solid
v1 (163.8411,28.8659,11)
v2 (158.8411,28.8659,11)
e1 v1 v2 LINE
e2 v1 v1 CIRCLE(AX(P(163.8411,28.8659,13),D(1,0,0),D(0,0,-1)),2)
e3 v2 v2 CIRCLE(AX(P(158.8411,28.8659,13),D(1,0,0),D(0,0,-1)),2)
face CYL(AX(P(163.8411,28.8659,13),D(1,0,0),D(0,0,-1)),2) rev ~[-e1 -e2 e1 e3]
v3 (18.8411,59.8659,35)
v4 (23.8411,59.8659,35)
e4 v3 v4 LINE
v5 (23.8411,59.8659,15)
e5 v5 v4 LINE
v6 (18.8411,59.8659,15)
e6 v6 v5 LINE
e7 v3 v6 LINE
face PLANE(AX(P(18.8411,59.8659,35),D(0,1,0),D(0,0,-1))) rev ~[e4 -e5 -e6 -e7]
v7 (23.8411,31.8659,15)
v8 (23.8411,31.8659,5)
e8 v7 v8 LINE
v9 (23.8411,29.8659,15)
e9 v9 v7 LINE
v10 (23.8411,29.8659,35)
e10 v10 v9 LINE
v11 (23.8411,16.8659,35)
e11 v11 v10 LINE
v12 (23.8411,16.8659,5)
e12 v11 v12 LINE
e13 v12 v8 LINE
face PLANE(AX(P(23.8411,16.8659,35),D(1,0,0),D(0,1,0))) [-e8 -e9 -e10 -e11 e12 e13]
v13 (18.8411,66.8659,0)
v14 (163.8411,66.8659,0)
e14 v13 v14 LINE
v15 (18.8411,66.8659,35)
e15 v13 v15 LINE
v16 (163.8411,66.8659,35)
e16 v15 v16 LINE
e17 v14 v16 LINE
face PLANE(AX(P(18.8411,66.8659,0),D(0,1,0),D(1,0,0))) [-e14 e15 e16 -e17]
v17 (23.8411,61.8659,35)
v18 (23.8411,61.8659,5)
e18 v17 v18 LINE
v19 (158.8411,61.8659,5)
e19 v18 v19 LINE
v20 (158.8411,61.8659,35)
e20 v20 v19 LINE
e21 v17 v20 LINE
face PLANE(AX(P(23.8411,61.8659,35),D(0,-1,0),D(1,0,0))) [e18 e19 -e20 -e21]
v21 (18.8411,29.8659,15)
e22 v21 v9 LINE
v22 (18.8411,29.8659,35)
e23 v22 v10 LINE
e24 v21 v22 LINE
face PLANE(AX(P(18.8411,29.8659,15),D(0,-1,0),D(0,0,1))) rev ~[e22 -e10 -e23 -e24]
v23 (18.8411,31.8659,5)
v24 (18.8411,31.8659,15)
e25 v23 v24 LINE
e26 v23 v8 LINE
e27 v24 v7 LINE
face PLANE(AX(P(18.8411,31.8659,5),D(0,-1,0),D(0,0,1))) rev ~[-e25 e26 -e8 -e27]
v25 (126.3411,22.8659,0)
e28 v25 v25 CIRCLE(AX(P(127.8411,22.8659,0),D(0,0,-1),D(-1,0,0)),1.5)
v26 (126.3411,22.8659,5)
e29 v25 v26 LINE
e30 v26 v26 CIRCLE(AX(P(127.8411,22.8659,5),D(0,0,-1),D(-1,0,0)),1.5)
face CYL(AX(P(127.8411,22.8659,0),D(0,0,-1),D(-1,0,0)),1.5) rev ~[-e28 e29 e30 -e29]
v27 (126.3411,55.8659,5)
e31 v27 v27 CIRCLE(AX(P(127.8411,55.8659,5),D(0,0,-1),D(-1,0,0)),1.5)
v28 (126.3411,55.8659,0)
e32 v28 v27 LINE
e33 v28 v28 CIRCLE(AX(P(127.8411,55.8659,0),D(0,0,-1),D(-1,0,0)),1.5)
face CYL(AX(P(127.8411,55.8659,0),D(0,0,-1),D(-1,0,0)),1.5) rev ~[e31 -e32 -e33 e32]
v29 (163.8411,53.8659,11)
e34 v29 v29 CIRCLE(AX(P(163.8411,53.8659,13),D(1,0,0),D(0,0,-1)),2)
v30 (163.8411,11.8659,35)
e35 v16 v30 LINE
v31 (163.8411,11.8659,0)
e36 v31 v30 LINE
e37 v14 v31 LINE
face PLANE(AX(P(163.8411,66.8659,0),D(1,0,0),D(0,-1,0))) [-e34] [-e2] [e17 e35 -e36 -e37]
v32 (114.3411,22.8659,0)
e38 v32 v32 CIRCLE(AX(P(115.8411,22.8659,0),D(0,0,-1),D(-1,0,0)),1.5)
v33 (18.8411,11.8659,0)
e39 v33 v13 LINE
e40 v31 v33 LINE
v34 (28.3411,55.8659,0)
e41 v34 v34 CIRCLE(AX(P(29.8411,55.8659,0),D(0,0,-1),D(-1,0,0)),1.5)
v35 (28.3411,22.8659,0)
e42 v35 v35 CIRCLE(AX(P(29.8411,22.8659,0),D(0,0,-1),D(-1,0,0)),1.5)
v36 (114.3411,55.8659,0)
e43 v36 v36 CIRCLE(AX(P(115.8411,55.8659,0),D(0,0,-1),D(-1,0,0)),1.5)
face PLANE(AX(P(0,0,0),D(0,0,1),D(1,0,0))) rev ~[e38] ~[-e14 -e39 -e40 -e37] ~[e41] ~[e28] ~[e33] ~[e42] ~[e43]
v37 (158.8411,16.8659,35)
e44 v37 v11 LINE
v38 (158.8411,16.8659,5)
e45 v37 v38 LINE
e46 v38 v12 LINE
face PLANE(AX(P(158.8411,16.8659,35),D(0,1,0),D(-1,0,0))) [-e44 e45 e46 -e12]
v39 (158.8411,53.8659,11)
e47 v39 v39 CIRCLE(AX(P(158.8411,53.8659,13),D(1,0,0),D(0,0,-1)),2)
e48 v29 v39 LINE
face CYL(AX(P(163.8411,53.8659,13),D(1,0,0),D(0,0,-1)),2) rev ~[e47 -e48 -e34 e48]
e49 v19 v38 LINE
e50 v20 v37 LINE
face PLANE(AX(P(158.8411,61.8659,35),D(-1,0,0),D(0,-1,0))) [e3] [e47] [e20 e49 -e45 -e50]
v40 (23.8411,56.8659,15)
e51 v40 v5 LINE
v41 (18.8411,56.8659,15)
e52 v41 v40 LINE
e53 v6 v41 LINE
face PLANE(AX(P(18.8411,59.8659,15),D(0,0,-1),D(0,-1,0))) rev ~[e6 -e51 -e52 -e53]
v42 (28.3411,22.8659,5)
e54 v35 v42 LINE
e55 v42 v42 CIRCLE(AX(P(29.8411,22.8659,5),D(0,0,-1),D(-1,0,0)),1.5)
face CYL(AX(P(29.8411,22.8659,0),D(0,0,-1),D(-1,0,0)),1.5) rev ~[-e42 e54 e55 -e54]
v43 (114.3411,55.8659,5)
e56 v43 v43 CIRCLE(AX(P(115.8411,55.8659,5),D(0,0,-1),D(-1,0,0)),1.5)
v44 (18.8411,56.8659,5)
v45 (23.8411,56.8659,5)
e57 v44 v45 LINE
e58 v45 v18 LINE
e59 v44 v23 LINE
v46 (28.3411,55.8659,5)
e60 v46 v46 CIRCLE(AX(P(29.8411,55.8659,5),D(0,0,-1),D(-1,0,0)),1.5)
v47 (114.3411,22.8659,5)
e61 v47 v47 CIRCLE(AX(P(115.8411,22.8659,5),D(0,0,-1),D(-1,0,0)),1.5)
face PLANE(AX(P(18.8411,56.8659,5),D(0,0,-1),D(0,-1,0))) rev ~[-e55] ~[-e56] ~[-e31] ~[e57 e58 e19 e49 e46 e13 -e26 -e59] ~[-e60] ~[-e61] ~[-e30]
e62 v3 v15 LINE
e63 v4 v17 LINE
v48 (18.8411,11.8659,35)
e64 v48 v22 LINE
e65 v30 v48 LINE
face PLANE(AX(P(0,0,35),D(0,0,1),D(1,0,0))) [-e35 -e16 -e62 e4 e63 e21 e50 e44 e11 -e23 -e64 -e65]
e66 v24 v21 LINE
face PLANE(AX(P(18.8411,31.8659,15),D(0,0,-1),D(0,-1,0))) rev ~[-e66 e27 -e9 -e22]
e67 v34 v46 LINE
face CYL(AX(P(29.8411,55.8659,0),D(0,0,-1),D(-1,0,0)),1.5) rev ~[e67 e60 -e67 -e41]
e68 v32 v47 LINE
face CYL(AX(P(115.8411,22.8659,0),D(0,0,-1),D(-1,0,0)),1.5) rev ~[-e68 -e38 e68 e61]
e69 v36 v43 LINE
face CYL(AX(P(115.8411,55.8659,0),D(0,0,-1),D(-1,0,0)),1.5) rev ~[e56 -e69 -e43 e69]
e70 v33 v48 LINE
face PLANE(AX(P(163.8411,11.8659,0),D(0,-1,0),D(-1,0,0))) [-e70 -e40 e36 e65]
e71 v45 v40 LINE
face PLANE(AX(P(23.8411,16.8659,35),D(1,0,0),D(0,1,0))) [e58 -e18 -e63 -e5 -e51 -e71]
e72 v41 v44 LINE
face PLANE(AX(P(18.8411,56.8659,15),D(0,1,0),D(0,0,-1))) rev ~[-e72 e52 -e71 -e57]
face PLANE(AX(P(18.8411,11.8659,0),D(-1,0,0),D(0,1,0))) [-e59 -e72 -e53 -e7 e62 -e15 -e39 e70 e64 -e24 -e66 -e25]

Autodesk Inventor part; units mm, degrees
ref_plane "YZ Plane" through (0, 0, 0) normal (1, 0, 0) x (0, 1, 0)
ref_plane "XZ Plane" through (0, 0, 0) normal (0, 1, 0) x (-1, 0, 0)
ref_plane "XY Plane" through (0, 0, 0) normal (0, 0, 1) x (1, 0, 0)
sketch "Sketch1" plane through (0, 0, 0) normal (0, 0, 1) x (1, 0, 0)
  line L0 (18.8411, 66.8659) -> (163.8411, 66.8659)
  line L1 (163.8411, 66.8659) -> (163.8411, 11.8659)
  line L2 (163.8411, 11.8659) -> (18.8411, 11.8659)
  line L3 (18.8411, 11.8659) -> (18.8411, 66.8659)
  point P0 (0, 0)
  dimension "d0" = 55
  dimension "d1" = 145
extrude "Extrusion1" add sketch "Sketch1" along normal blind 35
sketch "Sketch2" plane through (0, 0, 35) normal (0, 0, 1) x (1, 0, 0)
  line L0 (23.8411, 61.8659) -> (158.8411, 61.8659)
  line L1 (158.8411, 61.8659) -> (158.8411, 16.8659)
  line L2 (158.8411, 16.8659) -> (23.8411, 16.8659)
  line L3 (23.8411, 16.8659) -> (23.8411, 61.8659)
  line L4 (18.8411, 66.8659) -> (18.8411, 11.8659) projected
  line L5 (163.8411, 66.8659) -> (18.8411, 66.8659) projected
  line L6 (163.8411, 11.8659) -> (163.8411, 66.8659) projected
  line L7 (18.8411, 11.8659) -> (163.8411, 11.8659) projected
  point P0 (0, 0)
  dimension "d4" = 5
  dimension "d5" = 5
  dimension "d6" = 5
  dimension "d7" = 5
extrude "Extrusion2" cut sketch "Sketch2" against normal blind 30 contours L0 L1 L2 L3
sketch "Sketch3" plane through (0, 0, 0) normal (0, 0, -1) x (-1, 0, 0)
  circle A0 centre (-29.8411, 22.8659) radius 1.5
  circle A1 centre (-29.8411, 55.8659) radius 1.5
  line L0 (-18.8411, 66.8659) -> (-18.8411, 11.8659) projected
  line L1 (-18.8411, 11.8659) -> (-163.8411, 11.8659) projected
  line L2 (-163.8411, 66.8659) -> (-18.8411, 66.8659) projected
  circle A2 centre (-127.8411, 55.8659) radius 1.5
  circle A3 centre (-127.8411, 22.8659) radius 1.5
  line L3 (-163.8411, 11.8659) -> (-163.8411, 66.8659) projected
  circle A4 centre (-115.8411, 55.8659) radius 1.5
  circle A5 centre (-115.8411, 22.8659) radius 1.5
  point P0 (0, 0)
  dimension "d10" = 3
  dimension "d11" = 11
  dimension "d12" = 11
  dimension "d13" = 11
  dimension "d14" = 11
  dimension "d15" = 3
  dimension "d19" = 3
  dimension "d20" = 3
  dimension "d24" = 36
  dimension "d26" = 12
  dimension "d27" = 36
  dimension "d28" = 12
  dimension "d29" = 3
  dimension "d30" = 3
  dimension "d31" = 11
  dimension "d32" = 11
  dimension "d33" = 11
  dimension "d34" = 11
extrude "Extrusion3" cut sketch "Sketch3" against normal blind 30 contours A0 | A1 | A2 | A3 | A4 | A5
sketch "Sketch4" plane through (18.8411, 11.8659, 0) normal (-1, 0, 0) x (0, 0, 1)
  line L0 (35, 0) -> (35, 55) projected
  line L1 (35, 48) -> (15, 48)
  line L2 (15, 48) -> (15, 18)
  line L3 (15, 18) -> (35, 18)
  line L4 (35, 18) -> (35, 48)
  line L5 (0, 55) -> (35, 55) projected
  line L6 (15, 20) -> (15, 40)
  line L7 (15, 45) -> (5, 45)
  line L8 (5, 45) -> (5, 20)
  line L9 (5, 20) -> (15, 20)
  line L10 (15, 20) -> (15, 45)
  line L11 (0, 55) -> (0, 0) projected
  point P0 (0, -11.8659)
  point P1 (35, 18)
  point P2 (15, 20)
  point P3 (15, 20)
  dimension "d37" = 7
  dimension "d38" = 30
  dimension "d44" = 10
  dimension "d45" = 25
  dimension "d46" = 5
  dimension "d47" = 15
extrude "Extrusion4" cut sketch "Sketch4" against normal blind 30
sketch "Sketch5" plane through (163.8411, 11.8659, 0) normal (1, 0, 0) x (0, 0, -1)
  circle A0 centre (-13, 17) radius 2
  circle A1 centre (-13, 42) radius 2
  line L0 (0, 0) -> (0, 55) projected
  line L1 (0, 0) -> (-35, 0) projected
  dimension "d48" = 4
  dimension "d49" = 4
  dimension "d50" = 25
  dimension "d51" = 13
  dimension "d52" = 13
  dimension "d53" = 17
extrude "Extrusion5" cut sketch "Sketch5" against normal blind 30
properties part number "arduino mould_thicker"
